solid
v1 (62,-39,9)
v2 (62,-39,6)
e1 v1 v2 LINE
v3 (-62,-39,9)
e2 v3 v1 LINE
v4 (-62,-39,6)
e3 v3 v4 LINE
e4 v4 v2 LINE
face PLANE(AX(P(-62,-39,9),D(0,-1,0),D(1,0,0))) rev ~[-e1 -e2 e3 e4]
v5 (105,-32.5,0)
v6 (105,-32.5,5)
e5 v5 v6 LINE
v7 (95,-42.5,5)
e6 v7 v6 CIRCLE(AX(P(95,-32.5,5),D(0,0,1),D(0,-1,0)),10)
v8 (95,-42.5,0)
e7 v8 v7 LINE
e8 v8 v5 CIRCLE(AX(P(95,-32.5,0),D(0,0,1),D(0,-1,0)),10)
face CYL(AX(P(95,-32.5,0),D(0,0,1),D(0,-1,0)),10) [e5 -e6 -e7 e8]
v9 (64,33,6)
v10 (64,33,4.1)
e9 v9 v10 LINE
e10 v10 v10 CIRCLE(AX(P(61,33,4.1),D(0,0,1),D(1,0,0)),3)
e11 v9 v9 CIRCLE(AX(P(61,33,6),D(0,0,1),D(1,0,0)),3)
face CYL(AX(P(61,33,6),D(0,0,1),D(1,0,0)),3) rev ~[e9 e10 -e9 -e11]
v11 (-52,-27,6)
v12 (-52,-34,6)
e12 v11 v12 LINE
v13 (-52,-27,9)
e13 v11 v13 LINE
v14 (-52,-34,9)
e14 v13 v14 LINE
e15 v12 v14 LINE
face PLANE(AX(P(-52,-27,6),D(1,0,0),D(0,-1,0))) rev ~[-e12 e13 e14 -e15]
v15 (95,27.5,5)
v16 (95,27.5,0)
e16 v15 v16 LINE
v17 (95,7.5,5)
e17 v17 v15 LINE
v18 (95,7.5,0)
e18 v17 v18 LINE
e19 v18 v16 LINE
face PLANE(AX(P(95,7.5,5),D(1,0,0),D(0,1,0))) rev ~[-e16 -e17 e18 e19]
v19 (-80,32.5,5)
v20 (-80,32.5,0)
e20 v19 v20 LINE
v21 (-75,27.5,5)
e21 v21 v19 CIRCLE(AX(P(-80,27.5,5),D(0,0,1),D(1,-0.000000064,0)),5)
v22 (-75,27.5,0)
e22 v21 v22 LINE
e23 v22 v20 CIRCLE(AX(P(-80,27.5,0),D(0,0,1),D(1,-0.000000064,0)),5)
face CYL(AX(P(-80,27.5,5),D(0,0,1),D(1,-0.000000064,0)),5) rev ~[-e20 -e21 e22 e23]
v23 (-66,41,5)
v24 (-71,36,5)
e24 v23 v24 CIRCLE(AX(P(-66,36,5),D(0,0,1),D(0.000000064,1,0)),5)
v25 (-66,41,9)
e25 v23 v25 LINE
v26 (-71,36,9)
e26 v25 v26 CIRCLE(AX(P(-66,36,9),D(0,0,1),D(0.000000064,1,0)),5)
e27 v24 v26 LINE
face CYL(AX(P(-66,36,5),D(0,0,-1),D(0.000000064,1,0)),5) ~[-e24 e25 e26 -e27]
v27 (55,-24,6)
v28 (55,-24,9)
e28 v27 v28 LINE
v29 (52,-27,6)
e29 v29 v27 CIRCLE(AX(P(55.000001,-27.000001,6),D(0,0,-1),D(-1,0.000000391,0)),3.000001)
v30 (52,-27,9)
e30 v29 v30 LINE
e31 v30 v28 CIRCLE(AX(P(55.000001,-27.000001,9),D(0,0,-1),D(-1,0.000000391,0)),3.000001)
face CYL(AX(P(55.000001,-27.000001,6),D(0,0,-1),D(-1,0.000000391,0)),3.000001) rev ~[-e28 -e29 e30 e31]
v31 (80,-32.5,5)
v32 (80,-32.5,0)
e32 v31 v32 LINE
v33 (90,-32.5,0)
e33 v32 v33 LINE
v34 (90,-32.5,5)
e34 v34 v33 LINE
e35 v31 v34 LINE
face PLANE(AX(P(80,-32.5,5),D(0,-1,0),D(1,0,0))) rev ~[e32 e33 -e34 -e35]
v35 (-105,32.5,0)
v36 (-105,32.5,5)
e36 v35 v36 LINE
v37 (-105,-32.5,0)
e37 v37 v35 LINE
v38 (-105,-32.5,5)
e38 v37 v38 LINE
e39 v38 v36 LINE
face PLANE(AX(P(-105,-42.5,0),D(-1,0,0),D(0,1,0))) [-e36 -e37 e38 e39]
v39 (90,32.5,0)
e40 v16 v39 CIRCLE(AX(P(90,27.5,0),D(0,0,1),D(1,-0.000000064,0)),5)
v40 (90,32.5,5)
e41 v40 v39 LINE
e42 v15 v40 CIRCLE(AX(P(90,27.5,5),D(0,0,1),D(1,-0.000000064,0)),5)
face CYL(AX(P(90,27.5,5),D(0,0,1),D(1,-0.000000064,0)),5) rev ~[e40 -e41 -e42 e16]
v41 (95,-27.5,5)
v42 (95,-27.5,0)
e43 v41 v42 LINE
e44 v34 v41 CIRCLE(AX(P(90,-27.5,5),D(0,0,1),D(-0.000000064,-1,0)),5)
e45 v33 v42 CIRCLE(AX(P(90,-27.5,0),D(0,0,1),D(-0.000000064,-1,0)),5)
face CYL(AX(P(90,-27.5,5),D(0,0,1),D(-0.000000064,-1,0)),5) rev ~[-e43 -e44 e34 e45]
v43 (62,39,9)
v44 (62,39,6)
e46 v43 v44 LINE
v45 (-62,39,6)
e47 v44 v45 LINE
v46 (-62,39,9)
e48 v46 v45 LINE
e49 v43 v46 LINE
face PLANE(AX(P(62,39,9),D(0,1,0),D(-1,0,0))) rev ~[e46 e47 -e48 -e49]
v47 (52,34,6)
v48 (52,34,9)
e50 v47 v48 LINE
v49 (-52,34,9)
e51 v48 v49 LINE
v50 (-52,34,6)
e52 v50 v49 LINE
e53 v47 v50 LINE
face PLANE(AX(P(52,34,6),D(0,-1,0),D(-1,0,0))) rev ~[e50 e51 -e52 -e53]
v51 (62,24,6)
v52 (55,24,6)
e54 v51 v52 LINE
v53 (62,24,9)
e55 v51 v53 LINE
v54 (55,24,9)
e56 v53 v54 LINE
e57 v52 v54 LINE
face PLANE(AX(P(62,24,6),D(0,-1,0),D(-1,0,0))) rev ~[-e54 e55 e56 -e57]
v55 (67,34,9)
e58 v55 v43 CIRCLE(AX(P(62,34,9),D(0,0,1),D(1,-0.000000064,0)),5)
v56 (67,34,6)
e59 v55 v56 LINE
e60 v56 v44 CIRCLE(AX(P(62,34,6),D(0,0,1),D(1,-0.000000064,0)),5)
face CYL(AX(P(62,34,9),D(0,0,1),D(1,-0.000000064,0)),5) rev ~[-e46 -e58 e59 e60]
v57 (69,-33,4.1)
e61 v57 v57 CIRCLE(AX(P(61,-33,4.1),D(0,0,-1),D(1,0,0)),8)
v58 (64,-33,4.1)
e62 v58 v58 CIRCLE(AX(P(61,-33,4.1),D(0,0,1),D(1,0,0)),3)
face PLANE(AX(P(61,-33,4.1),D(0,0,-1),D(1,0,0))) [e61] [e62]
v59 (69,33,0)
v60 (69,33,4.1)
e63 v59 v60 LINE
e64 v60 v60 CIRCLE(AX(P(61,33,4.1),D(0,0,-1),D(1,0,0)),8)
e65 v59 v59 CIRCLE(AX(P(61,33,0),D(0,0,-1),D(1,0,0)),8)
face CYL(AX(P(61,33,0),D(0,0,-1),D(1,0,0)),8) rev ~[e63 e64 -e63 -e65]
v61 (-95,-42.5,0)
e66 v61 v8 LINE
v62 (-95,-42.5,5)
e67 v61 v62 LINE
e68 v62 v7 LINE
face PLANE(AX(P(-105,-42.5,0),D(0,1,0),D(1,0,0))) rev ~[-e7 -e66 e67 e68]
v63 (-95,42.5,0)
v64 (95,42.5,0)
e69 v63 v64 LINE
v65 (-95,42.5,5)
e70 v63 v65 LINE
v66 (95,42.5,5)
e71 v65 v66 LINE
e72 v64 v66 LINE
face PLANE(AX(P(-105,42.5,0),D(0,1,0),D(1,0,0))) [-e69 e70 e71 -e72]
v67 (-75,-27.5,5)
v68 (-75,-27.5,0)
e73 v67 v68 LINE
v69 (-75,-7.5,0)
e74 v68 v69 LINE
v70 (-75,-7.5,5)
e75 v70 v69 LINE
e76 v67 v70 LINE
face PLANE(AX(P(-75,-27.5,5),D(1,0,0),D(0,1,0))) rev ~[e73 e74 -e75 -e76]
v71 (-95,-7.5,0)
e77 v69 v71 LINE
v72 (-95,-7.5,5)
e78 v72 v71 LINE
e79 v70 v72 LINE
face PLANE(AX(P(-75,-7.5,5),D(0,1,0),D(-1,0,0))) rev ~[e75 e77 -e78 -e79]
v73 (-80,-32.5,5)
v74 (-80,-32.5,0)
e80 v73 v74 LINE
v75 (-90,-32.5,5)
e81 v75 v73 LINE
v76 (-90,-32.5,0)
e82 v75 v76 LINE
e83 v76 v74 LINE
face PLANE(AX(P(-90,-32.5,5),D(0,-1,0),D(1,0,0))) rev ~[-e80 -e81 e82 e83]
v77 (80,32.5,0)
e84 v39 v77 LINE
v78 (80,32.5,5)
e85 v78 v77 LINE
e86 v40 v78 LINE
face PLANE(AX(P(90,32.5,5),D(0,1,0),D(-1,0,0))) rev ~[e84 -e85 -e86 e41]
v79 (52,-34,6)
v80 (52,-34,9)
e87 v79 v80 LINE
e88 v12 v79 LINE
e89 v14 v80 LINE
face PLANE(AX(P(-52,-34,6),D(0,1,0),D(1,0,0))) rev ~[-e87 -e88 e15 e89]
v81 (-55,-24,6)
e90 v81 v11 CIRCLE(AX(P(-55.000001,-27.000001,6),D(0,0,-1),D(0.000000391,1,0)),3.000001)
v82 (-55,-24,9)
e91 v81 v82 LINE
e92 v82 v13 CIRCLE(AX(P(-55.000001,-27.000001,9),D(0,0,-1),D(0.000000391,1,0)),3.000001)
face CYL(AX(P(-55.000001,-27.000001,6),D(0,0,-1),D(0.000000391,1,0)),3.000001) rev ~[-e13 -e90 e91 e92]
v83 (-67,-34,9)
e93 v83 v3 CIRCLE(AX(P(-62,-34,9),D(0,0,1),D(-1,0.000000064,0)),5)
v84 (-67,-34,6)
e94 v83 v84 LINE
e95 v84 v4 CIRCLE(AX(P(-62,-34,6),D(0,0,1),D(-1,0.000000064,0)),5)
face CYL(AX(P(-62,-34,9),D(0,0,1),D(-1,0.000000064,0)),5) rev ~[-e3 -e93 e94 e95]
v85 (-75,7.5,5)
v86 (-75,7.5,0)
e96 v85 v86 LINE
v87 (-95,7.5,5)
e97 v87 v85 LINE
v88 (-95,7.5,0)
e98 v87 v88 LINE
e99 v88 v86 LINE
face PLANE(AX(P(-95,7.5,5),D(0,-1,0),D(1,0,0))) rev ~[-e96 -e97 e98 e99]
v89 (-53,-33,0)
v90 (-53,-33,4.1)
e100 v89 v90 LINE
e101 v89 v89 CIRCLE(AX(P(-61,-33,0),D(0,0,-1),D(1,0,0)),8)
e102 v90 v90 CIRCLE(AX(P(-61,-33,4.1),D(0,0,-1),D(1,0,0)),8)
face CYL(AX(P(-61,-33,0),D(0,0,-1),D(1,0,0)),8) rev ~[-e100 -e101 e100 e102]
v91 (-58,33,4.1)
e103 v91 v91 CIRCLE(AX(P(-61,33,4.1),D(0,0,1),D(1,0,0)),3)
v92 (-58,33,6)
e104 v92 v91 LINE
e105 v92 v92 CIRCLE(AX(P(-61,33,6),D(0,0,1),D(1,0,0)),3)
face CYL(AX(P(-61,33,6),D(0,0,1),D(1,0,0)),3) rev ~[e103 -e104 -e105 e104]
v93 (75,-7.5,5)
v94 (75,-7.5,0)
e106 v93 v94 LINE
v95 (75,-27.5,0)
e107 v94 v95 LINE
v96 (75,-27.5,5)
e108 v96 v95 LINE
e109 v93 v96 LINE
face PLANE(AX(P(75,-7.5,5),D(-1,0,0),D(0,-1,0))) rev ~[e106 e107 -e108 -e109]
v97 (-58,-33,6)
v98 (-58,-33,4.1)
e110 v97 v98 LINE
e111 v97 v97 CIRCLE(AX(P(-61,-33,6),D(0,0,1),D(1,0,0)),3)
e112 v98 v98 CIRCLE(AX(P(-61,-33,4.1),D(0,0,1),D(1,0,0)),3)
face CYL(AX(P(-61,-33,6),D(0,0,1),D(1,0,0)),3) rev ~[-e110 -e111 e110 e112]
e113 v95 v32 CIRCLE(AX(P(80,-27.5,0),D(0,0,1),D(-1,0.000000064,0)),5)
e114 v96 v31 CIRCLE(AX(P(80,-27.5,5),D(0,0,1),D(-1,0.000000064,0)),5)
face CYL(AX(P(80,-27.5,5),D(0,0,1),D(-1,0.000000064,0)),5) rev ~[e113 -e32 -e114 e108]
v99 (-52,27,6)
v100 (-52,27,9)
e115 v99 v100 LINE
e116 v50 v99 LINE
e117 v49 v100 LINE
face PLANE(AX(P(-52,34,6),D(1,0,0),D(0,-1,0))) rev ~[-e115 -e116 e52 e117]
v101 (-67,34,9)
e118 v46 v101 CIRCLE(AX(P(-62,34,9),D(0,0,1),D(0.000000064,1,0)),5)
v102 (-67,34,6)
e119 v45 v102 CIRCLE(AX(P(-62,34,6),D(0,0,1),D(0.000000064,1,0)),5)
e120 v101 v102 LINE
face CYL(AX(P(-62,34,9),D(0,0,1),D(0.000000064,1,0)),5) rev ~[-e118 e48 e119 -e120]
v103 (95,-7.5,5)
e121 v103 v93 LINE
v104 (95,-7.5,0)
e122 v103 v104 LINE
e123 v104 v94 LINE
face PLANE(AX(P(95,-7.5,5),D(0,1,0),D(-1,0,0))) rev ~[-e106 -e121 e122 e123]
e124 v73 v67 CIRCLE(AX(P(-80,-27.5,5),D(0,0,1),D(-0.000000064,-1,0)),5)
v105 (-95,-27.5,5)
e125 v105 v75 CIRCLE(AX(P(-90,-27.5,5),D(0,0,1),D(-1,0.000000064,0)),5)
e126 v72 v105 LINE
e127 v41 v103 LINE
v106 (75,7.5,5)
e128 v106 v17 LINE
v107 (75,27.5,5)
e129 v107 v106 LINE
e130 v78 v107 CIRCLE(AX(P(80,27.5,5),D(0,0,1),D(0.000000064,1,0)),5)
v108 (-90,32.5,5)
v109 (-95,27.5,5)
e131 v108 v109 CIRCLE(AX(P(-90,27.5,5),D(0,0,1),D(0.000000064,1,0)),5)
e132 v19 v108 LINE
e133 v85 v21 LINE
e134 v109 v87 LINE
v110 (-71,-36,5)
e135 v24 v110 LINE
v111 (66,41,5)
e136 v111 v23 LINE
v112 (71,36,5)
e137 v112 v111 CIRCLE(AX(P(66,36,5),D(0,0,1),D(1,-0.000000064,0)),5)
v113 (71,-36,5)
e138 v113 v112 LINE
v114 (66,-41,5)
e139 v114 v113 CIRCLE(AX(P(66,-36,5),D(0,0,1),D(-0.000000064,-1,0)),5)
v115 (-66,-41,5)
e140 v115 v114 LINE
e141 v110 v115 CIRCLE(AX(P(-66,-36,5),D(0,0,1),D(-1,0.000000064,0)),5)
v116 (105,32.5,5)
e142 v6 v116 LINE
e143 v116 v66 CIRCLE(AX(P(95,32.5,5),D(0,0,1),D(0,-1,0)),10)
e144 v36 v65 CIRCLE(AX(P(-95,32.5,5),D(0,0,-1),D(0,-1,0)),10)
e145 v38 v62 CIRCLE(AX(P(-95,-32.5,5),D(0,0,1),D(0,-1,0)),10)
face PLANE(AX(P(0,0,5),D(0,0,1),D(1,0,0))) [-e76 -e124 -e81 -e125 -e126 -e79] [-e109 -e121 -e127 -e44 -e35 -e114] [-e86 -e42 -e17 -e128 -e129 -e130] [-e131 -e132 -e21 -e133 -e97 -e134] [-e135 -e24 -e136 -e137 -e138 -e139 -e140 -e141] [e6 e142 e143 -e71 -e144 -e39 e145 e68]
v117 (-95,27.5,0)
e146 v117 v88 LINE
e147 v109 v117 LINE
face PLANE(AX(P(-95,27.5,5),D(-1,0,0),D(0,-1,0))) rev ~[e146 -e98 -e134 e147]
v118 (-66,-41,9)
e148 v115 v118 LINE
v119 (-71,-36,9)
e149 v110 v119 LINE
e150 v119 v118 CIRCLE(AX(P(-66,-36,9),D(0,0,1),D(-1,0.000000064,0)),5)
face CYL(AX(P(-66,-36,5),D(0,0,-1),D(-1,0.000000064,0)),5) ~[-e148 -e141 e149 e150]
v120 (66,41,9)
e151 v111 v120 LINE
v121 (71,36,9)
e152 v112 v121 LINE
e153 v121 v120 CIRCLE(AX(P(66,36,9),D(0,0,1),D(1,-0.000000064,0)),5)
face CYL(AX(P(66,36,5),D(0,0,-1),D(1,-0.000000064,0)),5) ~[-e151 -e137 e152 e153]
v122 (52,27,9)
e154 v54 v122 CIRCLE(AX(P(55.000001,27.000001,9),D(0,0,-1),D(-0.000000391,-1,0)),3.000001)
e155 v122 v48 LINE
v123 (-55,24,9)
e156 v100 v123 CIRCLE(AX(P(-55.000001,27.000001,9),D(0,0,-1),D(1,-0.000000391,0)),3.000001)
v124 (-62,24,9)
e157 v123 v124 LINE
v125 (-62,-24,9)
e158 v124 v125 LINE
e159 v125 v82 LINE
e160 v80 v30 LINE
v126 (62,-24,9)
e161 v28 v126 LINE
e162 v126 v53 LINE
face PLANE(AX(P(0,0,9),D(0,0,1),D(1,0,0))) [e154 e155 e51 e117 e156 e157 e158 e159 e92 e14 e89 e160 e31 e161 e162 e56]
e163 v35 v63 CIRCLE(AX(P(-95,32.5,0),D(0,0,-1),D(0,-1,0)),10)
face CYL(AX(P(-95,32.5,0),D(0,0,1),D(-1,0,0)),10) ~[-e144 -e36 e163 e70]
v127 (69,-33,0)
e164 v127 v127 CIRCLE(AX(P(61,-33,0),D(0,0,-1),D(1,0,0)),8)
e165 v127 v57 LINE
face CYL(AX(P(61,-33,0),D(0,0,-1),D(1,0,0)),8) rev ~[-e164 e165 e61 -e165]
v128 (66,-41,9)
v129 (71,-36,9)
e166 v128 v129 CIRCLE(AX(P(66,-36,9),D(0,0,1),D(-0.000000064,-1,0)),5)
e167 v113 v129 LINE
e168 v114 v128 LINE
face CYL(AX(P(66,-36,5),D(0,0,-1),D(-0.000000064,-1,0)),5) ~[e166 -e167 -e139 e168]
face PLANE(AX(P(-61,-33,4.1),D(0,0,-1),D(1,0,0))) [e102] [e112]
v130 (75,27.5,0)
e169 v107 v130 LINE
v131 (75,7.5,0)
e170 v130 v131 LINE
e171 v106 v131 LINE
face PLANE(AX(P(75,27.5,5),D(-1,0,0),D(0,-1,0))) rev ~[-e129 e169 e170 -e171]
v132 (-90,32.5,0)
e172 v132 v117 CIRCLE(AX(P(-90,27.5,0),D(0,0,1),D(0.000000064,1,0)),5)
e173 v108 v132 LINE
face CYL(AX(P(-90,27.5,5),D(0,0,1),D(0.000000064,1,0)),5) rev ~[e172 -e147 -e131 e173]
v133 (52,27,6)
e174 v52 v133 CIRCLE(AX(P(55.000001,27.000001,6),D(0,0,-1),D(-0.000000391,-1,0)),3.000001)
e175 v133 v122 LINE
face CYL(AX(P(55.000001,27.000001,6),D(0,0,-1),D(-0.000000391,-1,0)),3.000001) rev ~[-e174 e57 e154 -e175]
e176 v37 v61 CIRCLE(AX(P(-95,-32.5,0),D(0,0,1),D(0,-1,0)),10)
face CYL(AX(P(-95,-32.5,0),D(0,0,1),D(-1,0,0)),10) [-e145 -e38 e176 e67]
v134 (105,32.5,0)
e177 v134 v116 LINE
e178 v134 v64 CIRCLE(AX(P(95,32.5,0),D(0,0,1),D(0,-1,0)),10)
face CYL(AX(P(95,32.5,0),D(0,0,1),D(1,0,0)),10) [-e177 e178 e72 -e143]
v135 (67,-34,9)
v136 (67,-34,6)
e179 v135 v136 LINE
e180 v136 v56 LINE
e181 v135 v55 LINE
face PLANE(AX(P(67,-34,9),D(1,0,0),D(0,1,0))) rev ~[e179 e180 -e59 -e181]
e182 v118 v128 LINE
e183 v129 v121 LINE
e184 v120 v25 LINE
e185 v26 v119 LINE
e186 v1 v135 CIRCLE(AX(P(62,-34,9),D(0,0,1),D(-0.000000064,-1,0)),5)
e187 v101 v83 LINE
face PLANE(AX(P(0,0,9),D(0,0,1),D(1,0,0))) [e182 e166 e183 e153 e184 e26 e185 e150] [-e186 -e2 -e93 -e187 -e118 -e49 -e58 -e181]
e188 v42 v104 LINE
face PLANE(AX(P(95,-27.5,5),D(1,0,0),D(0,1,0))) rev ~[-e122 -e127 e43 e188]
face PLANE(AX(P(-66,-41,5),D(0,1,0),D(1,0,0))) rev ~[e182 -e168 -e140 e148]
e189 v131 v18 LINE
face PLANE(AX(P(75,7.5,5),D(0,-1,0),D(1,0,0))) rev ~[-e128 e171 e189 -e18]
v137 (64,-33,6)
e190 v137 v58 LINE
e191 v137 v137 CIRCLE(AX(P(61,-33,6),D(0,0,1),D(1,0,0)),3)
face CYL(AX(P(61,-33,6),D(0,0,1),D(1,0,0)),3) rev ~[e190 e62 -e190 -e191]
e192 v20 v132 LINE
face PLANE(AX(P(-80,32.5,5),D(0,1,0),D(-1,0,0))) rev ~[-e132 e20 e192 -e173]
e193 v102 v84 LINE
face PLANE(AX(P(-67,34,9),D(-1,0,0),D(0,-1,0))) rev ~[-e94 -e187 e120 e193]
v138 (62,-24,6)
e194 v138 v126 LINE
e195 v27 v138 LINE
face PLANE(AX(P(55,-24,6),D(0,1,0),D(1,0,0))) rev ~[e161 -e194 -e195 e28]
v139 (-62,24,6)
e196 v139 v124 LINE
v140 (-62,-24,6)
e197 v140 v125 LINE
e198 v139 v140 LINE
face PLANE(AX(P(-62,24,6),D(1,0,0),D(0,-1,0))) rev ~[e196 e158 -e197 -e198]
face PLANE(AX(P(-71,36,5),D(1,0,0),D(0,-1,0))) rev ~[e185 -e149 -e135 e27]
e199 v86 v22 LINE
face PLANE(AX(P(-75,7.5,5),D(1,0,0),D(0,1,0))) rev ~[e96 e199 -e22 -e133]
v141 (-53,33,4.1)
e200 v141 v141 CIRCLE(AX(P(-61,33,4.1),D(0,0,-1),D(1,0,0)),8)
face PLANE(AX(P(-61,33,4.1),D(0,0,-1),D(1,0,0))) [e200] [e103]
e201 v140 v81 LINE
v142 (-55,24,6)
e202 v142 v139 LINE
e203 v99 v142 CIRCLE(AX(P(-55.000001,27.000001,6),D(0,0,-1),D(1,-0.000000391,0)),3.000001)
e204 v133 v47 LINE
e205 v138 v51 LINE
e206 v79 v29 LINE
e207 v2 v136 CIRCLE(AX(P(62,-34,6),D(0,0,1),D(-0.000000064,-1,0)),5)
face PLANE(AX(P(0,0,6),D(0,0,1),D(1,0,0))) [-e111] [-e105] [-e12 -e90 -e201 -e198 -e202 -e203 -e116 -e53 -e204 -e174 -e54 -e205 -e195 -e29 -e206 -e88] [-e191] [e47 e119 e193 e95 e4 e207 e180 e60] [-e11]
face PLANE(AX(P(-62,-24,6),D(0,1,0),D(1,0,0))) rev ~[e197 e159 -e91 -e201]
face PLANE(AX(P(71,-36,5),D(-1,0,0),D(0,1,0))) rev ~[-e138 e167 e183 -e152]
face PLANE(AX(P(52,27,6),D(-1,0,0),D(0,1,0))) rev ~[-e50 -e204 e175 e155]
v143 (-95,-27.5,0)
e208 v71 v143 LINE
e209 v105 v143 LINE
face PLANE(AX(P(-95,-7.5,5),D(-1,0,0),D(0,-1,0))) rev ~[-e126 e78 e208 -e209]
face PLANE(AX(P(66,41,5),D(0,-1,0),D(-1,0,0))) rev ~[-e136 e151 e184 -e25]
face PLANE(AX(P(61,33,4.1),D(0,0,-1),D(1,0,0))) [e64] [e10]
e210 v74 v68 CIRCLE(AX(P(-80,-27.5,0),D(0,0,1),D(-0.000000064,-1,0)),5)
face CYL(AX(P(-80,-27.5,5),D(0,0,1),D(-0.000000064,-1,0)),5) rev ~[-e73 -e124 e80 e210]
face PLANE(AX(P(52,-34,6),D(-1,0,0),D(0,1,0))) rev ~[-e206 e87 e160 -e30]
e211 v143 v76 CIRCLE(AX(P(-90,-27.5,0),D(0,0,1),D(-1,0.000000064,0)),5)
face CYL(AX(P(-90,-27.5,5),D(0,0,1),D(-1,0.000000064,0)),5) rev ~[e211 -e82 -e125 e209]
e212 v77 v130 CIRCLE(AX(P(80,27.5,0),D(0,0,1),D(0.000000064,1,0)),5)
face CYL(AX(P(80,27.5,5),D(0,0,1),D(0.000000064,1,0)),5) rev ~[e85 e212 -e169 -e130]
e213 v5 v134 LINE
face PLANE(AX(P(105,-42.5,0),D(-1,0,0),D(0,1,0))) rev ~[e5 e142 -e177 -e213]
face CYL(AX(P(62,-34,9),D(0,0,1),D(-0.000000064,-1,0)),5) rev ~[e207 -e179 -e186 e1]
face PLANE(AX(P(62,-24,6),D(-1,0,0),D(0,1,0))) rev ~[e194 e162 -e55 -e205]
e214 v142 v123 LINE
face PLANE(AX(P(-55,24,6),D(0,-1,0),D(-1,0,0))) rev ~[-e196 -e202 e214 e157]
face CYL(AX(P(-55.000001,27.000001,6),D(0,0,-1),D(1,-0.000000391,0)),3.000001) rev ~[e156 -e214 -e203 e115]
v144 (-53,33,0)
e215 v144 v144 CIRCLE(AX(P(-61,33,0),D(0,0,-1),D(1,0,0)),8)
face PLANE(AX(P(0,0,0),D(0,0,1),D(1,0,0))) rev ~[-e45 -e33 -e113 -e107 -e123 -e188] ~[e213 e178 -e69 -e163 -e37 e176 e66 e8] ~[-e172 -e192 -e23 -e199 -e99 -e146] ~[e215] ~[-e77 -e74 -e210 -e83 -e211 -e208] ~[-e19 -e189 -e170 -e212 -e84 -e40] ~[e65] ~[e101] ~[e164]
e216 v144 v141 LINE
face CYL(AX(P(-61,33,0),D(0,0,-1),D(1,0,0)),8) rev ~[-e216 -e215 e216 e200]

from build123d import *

# Parameters (mm, degrees)
F0_W      = 210
F0_H      = 85
F1_DEPTH  = 5
F2_R      = 10
F4_DEPTH  = 4
F6_DEPTH  = 3
F8_DEPTH  = 3
F9_R      = 3
F10_DEPTH = 25
F11_R     = 8
F12_DEPTH = 4.1
F14_DEPTH = 25


with BuildPart() as f1:
    # F0 (on Top) → F1 (new body)
    with BuildSketch(Plane.XY):
        Rectangle(F0_W, F0_H)
    extrude(amount=F1_DEPTH)

    # F2
    f2_edges = [f1.edges().sort_by_distance(p)[0] for p in [
        (-105, -42.5, 2.5),
        (-105, 42.5, 2.5),
        (105, 42.5, 2.5),
        (105, -42.5, 2.5),
    ]]
    fillet(f2_edges, radius=F2_R)

    # F3 (on face) → F4 (join)
    with BuildSketch(Plane.XY.offset(5)):
        with BuildLine():
            Line((66, 41), (-66, 41))
            ThreePointArc((-66, 41), (-69.535534, 39.535534), (-71, 36))
            Line((-71, 36), (-71, -36))
            ThreePointArc((-71, -36), (-69.535534, -39.535534), (-66, -41))
            Line((-66, -41), (66, -41))
            ThreePointArc((66, -41), (69.535534, -39.535534), (71, -36))
            Line((71, -36), (71, 36))
            ThreePointArc((71, 36), (69.535534, 39.535534), (66, 41))
        make_face()
    extrude(amount=F4_DEPTH)

    # F5 (on face) → F6 (cut)
    with BuildSketch(Plane.XY.offset(9)):
        with BuildLine():
            Line((62, 39), (-62, 39))
            ThreePointArc((-62, 39), (-65.535534, 37.535534), (-67, 34))
            Line((-67, 34), (-67, -34))
            ThreePointArc((-67, -34), (-65.535534, -37.535534), (-62, -39))
            Line((-62, -39), (62, -39))
            ThreePointArc((62, -39), (65.535534, -37.535534), (67, -34))
            Line((67, -34), (67, 34))
            ThreePointArc((67, 34), (65.535534, 37.535534), (62, 39))
        make_face()
    extrude(amount=-F6_DEPTH, mode=Mode.SUBTRACT)

    # F7 (on face) → F8 (join)
    with BuildSketch(Plane.XY.offset(6)):
        with BuildLine():
            Line((52, 34), (-52, 34))
            Line((-52, 34), (-52, 27))
            ThreePointArc((-52, 27), (-52.87868, 24.87868), (-55, 24))
            Line((-55, 24), (-62, 24))
            Line((-62, 24), (-62, -24))
            Line((-62, -24), (-55, -24))
            ThreePointArc((-55, -24), (-52.87868, -24.87868), (-52, -27))
            Line((-52, -27), (-52, -34))
            Line((-52, -34), (52, -34))
            Line((52, -34), (52, -27))
            ThreePointArc((52, -27), (52.87868, -24.87868), (55, -24))
            Line((55, -24), (62, -24))
            Line((62, -24), (62, 24))
            Line((62, 24), (55, 24))
            ThreePointArc((55, 24), (52.87868, 24.87868), (52, 27))
            Line((52, 27), (52, 34))
        make_face()
    extrude(amount=F8_DEPTH)

    # F9 (on face) → F10 (cut)
    with BuildSketch(Plane.XY.offset(6)):
        with Locations((-61, -33)):
            Circle(F9_R)
        with Locations((-61, 33)):
            Circle(F9_R)
        with Locations((61, -33)):
            Circle(F9_R)
        with Locations((61, 33)):
            Circle(F9_R)
    extrude(amount=-F10_DEPTH, mode=Mode.SUBTRACT)

    # F11 (on face) → F12 (cut)
    with BuildSketch(Plane(origin=(0, 0, 0), x_dir=(1, 0, 0), z_dir=(0, 0, -1))):
        with Locations((-61, 33)):
            Circle(F11_R)
        with Locations((-61, -33)):
            Circle(F11_R)
        with Locations((61, -33)):
            Circle(F11_R)
        with Locations((61, 33)):
            Circle(F11_R)
    extrude(amount=-F12_DEPTH, mode=Mode.SUBTRACT)

    # F13 (on face) → F14 (cut)
    with BuildSketch(Plane.XY.offset(5)):
        with BuildLine():
            Line((-80, 32.5), (-90, 32.5))
            ThreePointArc((-90, 32.5), (-93.535534, 31.035534), (-95, 27.5))
            Line((-95, 27.5), (-95, 7.5))
            Line((-95, 7.5), (-75, 7.5))
            Line((-75, 7.5), (-75, 27.5))
            ThreePointArc((-75, 27.5), (-76.464466, 31.035534), (-80, 32.5))
        make_face()
        with BuildLine():
            ThreePointArc((-80, -32.5), (-76.464466, -31.035534), (-75, -27.5))
            Line((-75, -27.5), (-75, -7.5))
            Line((-75, -7.5), (-95, -7.5))
            Line((-95, -7.5), (-95, -27.5))
            ThreePointArc((-95, -27.5), (-93.535534, -31.035534), (-90, -32.5))
            Line((-90, -32.5), (-80, -32.5))
        make_face()
        with BuildLine():
            ThreePointArc((80, 32.5), (76.464466, 31.035534), (75, 27.5))
            Line((75, 27.5), (75, 7.5))
            Line((75, 7.5), (95, 7.5))
            Line((95, 7.5), (95, 27.5))
            ThreePointArc((95, 27.5), (93.535534, 31.035534), (90, 32.5))
            Line((90, 32.5), (80, 32.5))
        make_face()
        with BuildLine():
            Line((75, -7.5), (75, -27.5))
            ThreePointArc((75, -27.5), (76.464466, -31.035534), (80, -32.5))
            Line((80, -32.5), (90, -32.5))
            ThreePointArc((90, -32.5), (93.535534, -31.035534), (95, -27.5))
            Line((95, -27.5), (95, -7.5))
            Line((95, -7.5), (75, -7.5))
        make_face()
    extrude(amount=-F14_DEPTH, mode=Mode.SUBTRACT)


solid = f1.part
